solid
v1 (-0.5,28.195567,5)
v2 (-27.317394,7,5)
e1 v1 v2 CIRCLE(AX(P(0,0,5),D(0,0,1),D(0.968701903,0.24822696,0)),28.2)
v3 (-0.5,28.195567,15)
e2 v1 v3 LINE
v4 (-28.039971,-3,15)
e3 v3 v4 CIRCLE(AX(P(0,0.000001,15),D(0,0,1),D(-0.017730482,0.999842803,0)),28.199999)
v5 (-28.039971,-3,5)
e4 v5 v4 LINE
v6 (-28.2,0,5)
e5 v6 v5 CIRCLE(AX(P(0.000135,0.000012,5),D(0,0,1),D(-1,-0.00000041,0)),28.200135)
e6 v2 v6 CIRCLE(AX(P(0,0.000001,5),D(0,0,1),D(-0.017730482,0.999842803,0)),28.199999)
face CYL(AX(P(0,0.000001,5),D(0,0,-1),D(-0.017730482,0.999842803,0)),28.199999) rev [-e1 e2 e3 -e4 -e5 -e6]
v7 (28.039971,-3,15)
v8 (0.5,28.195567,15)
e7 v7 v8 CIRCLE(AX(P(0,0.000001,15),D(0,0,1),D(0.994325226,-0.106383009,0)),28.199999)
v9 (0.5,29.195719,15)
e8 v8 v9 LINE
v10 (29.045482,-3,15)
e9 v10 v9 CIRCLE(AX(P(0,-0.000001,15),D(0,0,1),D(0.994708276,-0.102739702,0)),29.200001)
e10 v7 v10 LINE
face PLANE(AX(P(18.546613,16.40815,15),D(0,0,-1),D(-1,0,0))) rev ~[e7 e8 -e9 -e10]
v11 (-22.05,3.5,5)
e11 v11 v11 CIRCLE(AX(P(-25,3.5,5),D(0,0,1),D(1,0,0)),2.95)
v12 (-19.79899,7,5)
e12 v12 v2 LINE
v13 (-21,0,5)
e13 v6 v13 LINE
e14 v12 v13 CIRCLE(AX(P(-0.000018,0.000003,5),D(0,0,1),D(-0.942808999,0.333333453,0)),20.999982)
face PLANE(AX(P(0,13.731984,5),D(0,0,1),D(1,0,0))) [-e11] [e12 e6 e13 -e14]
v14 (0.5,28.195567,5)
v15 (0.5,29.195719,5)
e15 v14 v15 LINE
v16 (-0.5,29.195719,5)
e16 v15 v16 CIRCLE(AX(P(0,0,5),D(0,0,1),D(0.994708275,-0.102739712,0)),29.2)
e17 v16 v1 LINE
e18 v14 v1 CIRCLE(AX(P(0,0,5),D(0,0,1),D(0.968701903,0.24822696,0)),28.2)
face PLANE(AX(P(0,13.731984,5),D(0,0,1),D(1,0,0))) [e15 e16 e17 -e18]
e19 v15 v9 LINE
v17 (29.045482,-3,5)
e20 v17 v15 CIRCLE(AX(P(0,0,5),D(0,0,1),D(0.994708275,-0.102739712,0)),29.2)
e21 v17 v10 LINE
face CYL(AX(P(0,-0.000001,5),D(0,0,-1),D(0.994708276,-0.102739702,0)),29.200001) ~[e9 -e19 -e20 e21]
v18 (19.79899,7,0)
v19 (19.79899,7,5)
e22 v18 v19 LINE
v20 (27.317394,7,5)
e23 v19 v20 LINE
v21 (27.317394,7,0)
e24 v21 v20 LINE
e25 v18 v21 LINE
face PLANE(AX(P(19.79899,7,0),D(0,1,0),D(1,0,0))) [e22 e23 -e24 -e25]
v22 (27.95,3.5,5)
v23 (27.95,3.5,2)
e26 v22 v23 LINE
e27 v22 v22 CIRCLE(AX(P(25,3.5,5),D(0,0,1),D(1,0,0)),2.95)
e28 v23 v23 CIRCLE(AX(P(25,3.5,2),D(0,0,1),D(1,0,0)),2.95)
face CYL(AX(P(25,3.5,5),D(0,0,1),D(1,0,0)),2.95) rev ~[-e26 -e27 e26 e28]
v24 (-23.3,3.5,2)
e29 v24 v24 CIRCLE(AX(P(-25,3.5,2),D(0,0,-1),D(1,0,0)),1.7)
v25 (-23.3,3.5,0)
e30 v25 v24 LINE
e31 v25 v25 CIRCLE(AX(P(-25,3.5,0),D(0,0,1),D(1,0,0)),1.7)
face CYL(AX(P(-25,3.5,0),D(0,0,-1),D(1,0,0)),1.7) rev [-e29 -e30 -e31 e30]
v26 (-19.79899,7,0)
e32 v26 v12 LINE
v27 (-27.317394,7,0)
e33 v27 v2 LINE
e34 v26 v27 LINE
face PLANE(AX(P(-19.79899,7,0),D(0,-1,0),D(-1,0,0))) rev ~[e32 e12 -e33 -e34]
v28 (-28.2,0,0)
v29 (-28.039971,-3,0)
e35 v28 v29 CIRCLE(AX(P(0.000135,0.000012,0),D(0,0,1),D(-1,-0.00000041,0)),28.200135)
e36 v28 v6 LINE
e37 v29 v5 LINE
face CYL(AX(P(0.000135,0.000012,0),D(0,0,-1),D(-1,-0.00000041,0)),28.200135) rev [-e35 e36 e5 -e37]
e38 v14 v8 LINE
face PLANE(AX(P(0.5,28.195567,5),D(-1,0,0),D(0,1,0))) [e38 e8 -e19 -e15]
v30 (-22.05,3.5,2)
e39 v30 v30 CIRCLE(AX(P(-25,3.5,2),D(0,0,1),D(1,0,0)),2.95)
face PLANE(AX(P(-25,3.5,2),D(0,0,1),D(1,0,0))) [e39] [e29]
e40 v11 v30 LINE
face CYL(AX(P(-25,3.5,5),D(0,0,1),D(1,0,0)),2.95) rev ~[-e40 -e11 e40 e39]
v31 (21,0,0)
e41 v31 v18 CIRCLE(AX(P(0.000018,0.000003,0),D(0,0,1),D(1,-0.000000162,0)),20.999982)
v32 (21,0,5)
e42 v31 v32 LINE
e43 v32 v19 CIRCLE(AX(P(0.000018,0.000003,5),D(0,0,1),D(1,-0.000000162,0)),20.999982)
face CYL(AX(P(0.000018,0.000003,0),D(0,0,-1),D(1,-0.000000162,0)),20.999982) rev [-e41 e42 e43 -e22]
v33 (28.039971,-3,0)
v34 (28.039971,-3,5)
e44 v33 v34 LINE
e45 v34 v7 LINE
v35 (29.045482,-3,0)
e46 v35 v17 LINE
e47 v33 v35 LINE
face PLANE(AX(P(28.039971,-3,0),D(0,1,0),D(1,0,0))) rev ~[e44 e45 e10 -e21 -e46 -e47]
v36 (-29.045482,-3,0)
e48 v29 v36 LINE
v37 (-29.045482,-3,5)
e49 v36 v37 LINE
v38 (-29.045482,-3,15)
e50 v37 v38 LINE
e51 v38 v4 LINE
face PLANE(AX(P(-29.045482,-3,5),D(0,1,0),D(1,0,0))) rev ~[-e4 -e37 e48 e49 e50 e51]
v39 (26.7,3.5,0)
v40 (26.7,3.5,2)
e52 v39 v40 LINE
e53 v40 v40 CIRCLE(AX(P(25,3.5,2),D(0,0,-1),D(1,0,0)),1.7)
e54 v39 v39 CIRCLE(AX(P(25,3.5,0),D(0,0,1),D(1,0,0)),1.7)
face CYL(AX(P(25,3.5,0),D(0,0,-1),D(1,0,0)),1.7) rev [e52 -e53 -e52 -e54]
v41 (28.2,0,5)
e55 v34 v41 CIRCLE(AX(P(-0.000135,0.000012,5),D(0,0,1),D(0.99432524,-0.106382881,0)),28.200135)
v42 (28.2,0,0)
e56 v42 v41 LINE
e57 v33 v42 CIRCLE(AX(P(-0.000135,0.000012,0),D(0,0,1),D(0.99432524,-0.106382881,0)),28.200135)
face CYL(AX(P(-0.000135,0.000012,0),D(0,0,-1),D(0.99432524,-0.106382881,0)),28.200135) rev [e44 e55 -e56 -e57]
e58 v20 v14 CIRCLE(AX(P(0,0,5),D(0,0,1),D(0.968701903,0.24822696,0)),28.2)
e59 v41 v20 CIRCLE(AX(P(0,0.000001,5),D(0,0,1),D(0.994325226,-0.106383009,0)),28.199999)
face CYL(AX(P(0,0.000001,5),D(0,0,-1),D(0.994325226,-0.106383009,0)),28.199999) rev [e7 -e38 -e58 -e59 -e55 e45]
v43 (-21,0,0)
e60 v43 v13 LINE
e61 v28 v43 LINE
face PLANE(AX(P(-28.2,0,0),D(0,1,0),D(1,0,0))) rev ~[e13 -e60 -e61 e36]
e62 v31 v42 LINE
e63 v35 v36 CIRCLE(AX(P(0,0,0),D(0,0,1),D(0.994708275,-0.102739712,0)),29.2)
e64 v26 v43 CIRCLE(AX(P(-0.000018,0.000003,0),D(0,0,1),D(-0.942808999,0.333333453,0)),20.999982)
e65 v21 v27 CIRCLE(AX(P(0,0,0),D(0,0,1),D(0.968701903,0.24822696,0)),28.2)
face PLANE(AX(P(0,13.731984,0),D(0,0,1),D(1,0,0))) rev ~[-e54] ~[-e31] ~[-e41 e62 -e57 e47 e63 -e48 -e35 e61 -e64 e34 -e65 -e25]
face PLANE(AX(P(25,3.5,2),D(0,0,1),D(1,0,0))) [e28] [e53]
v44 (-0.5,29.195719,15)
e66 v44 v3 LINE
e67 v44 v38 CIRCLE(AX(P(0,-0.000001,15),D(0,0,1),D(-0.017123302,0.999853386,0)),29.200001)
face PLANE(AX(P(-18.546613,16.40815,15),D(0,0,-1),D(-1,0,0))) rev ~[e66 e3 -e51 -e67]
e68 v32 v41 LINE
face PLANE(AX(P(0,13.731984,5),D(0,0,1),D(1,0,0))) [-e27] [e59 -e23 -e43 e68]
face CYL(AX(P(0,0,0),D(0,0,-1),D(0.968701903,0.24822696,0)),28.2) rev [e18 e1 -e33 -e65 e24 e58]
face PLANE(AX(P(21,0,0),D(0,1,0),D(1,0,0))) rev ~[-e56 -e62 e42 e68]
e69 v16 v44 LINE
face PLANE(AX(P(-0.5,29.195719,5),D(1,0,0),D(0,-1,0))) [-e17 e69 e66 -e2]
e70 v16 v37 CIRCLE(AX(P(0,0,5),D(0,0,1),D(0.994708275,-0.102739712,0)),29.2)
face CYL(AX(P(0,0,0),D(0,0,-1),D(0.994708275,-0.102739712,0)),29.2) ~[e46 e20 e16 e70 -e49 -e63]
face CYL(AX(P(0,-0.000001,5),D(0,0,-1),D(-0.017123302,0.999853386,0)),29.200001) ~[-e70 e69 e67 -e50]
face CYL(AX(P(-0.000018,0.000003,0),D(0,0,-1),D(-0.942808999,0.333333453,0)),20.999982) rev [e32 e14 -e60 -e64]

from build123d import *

# Parameters (mm, degrees)
SKETCH_R     = 1.7
PAD_DEPTH    = 5
PAD001_DEPTH = 10
SKETCH002_R  = 2.95
POCKET_DEPTH = 3


with BuildPart() as part:
    # Sketch → Pad (new body)
    with BuildSketch(Plane.XY):
        with BuildLine():
            ThreePointArc((29.045482, -3), (0, 29.2), (-29.045482, -3))
            Line((-28.039971, -3), (-29.045482, -3))
            ThreePointArc((-28.2, 0), (-28.159964, -1.502133), (-28.039971, -3))
            Line((-28.2, 0), (-21, 0))
            ThreePointArc((-19.79899, 7), (-20.69757, 3.551142), (-21, 0))
            Line((-19.79899, 7), (-27.317394, 7))
            ThreePointArc((27.317394, 7), (0, 28.2), (-27.317394, 7))
            Line((19.79899, 7), (27.317394, 7))
            ThreePointArc((21, 0), (20.69757, 3.551142), (19.79899, 7))
            Line((21, 0), (28.2, 0))
            ThreePointArc((28.039971, -3), (28.159964, -1.502133), (28.2, 0))
            Line((28.039971, -3), (29.045482, -3))
        make_face()
        with Locations((-25, 3.5)):
            Circle(SKETCH_R, mode=Mode.SUBTRACT)
        with Locations((25, 3.5)):
            Circle(SKETCH_R, mode=Mode.SUBTRACT)
    extrude(amount=PAD_DEPTH)

    # Sketch001 (on Face16 of Pad) → Pad001 (join)
    with BuildSketch(Plane.XY.offset(5)):
        with BuildLine():
            ThreePointArc((-0.5, 28.195567), (-21.140562, 18.663243), (-28.039971, -3))
            Line((-29.045482, -3), (-28.039971, -3))
            ThreePointArc((-0.5, 29.195719), (-21.848912, 19.371759), (-29.045482, -3))
            Line((-0.5, 29.195719), (-0.5, 28.195567))
        make_face()
        with BuildLine():
            ThreePointArc((28.039971, -3), (21.140562, 18.663243), (0.5, 28.195567))
            Line((0.5, 28.195567), (0.5, 29.195719))
            ThreePointArc((29.045482, -3), (21.848912, 19.371759), (0.5, 29.195719))
            Line((28.039971, -3), (29.045482, -3))
        make_face()
    extrude(amount=PAD001_DEPTH)

    # Sketch002 (on Face10 of Pad001) → Pocket (cut)
    with BuildSketch(Plane.XY.offset(5)):
        with Locations((-25, 3.5)):
            Circle(SKETCH002_R)
        with Locations((25, 3.5)):
            Circle(SKETCH002_R)
    extrude(amount=-POCKET_DEPTH, mode=Mode.SUBTRACT)


solid = part.part
